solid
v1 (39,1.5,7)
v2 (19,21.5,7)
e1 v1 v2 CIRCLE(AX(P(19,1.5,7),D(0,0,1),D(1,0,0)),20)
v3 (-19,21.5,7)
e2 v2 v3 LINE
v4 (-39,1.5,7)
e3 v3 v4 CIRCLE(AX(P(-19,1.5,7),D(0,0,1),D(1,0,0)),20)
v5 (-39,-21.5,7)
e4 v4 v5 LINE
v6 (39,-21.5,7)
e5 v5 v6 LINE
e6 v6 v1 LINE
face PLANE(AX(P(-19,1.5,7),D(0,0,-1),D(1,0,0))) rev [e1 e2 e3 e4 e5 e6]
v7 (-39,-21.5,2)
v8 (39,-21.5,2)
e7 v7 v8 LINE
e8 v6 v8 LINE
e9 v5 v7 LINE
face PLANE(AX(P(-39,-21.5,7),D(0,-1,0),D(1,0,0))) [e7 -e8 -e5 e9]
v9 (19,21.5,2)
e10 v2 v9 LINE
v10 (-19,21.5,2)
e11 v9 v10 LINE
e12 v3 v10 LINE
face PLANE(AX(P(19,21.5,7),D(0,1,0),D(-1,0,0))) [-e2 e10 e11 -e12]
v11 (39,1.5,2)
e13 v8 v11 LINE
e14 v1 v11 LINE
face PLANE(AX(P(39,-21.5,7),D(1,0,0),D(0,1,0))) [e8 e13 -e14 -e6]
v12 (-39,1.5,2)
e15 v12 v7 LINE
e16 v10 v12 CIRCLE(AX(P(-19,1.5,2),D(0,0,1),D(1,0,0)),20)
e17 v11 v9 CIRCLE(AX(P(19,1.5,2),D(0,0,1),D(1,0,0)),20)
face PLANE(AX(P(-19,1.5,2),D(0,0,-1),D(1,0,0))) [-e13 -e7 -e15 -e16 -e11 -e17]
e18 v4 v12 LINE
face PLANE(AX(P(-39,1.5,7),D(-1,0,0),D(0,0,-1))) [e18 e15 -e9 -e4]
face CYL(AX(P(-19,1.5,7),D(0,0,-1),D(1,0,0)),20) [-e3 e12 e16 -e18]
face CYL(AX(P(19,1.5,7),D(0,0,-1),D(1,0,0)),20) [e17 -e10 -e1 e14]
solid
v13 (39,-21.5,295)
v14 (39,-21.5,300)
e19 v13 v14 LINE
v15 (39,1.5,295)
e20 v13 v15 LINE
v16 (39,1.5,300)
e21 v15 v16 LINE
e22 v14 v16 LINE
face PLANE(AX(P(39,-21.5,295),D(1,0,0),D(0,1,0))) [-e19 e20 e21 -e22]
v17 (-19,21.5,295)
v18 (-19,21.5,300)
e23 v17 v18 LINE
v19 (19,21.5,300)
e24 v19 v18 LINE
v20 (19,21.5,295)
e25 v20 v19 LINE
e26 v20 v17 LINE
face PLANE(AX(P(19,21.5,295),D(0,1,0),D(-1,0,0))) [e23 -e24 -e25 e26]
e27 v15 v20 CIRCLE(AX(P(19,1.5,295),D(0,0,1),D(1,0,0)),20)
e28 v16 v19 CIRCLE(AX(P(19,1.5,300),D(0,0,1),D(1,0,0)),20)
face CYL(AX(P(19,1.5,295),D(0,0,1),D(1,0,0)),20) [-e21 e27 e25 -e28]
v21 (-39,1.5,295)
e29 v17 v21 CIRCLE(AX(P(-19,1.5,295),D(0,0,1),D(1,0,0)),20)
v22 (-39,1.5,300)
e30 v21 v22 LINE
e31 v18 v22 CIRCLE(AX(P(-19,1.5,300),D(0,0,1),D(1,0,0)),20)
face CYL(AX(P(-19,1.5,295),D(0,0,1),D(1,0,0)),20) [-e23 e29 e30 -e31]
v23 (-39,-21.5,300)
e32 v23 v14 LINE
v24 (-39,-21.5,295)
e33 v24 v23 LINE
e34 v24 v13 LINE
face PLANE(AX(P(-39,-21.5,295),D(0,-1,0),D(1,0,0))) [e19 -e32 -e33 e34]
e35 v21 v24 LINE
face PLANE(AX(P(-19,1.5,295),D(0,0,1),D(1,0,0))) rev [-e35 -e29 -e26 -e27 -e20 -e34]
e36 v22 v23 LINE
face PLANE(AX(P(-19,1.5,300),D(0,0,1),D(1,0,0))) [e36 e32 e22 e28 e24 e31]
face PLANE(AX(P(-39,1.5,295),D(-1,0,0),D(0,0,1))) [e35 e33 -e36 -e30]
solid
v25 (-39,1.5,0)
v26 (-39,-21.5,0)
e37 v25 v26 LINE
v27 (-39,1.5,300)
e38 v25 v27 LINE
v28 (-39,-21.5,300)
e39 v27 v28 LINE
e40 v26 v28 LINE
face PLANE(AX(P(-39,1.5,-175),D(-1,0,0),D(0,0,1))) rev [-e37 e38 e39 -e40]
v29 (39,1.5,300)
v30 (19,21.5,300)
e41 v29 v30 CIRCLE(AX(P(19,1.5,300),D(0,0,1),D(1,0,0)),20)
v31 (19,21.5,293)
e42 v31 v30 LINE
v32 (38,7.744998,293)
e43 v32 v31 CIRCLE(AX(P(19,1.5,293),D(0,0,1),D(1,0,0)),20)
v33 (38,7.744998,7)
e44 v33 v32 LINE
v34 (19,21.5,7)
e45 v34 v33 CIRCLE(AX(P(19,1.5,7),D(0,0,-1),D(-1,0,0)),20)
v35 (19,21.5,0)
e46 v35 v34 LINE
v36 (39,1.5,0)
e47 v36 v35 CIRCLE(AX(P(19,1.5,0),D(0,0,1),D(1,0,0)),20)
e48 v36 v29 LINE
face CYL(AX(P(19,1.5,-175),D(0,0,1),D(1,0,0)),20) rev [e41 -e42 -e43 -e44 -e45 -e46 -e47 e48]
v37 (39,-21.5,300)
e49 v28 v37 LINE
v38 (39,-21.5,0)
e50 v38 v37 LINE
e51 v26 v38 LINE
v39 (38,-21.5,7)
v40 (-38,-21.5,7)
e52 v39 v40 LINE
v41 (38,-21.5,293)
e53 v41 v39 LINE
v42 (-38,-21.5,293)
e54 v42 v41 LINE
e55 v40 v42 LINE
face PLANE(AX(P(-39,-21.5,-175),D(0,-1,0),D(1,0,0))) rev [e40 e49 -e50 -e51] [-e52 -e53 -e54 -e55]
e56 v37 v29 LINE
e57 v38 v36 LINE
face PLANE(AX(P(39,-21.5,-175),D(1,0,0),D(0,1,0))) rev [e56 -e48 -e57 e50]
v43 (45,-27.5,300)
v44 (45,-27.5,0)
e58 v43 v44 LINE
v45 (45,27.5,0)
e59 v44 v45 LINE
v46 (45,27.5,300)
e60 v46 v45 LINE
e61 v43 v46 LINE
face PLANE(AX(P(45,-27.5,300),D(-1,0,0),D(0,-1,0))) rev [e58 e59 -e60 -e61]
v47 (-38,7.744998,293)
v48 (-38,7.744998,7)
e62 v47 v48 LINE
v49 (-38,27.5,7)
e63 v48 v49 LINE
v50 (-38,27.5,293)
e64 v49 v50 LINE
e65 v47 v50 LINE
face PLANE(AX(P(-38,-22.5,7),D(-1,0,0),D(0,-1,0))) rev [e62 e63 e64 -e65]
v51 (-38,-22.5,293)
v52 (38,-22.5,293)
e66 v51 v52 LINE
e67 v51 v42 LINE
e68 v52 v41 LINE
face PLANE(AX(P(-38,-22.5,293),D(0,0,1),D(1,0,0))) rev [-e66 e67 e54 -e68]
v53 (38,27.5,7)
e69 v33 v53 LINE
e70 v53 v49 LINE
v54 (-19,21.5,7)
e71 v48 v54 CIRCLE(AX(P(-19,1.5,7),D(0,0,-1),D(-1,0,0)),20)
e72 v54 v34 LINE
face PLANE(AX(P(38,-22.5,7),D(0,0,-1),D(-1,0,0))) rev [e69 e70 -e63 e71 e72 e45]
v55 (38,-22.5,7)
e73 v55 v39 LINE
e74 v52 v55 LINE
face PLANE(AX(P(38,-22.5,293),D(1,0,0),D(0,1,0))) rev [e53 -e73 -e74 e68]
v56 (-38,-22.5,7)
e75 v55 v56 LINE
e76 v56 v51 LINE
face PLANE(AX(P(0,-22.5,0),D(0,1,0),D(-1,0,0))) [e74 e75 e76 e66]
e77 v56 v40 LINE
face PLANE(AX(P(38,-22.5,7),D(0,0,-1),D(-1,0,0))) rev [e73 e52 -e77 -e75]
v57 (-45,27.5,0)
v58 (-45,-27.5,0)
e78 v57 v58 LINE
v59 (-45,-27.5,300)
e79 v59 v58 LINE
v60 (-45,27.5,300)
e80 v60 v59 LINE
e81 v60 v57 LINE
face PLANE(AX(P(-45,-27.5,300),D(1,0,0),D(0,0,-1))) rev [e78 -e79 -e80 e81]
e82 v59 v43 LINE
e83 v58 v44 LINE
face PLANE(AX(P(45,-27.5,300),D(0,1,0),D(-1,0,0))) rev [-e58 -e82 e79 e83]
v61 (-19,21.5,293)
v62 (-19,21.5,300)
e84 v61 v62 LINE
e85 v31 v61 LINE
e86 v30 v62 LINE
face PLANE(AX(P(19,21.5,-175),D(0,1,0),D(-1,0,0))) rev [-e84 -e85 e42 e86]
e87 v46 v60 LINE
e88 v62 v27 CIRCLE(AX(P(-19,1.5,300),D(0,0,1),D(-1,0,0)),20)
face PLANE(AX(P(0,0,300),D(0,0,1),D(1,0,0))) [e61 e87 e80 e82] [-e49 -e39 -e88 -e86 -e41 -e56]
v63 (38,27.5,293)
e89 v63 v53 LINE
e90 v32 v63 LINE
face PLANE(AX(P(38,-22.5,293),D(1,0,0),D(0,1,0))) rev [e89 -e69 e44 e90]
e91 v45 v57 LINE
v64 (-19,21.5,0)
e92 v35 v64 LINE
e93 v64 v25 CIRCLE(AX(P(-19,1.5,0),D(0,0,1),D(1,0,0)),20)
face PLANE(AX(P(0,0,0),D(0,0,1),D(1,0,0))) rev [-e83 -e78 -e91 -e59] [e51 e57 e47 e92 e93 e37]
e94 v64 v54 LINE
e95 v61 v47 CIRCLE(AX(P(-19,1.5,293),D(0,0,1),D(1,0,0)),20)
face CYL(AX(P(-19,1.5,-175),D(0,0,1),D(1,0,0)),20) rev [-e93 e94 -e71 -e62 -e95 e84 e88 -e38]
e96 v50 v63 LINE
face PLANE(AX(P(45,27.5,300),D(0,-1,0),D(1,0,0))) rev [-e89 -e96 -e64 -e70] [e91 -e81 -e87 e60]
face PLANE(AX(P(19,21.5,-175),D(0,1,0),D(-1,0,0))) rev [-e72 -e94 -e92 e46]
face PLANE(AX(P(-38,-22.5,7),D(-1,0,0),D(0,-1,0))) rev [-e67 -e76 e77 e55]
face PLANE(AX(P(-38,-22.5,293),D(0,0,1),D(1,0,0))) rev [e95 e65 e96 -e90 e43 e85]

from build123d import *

# Parameters (mm, degrees)
ESQUISSE1_W             = 90
ESQUISSE1_H             = 55
BOSS_EXTRU_1_DEPTH      = 300
ESQUISSE3_W             = 76
ESQUISSE3_H             = 286
ENL_V_MAT_EXTRU_1_DEPTH = 50
ENL_V_MAT_EXTRU_2_DEPTH = 475
BOSS_EXTRU_2_DEPTH      = 5


with BuildPart() as part:
    # Esquisse1 → Boss.-Extru.1 (new body)
    with BuildSketch(Plane.XY):
        Rectangle(ESQUISSE1_W, ESQUISSE1_H)
    extrude(amount=BOSS_EXTRU_1_DEPTH)

    # Esquisse3 → Enlèv. mat.-Extru.1 (cut)
    with BuildSketch(Plane(origin=(0, 27.5, 0), x_dir=(1, 0, 0), z_dir=(0, 1, 0))):
        with Locations((0, -150)):
            Rectangle(ESQUISSE3_W, ESQUISSE3_H)
    extrude(amount=-ENL_V_MAT_EXTRU_1_DEPTH, mode=Mode.SUBTRACT)

    # Esquisse4 → Enlèv. mat.-Extru.2 (cut)
    with BuildSketch(Plane.XY.offset(300)):
        with BuildLine():
            Line((-39, 1.5), (-39, -21.5))
            Line((-39, -21.5), (39, -21.5))
            Line((39, -21.5), (39, 1.5))
            ThreePointArc((39, 1.5), (33.142135624, 15.642135624), (19, 21.5))
            Line((19, 21.5), (-19, 21.5))
            ThreePointArc((-19, 21.5), (-33.142135624, 15.642135624), (-39, 1.5))
        make_face()
    extrude(amount=-ENL_V_MAT_EXTRU_2_DEPTH, mode=Mode.SUBTRACT)


with BuildPart() as body_2:
    # Esquisse5 → Boss.-Extru.2 (new body)
    with BuildSketch(Plane.XY.offset(300)):
        with BuildLine():
            Line((-39, 1.5), (-39, -21.5))
            Line((-39, -21.5), (39, -21.5))
            Line((39, -21.5), (39, 1.5))
            ThreePointArc((39, 1.5), (33.142135624, 15.642135624), (19, 21.5))
            Line((19, 21.5), (-19, 21.5))
            ThreePointArc((-19, 21.5), (-33.142135624, 15.642135624), (-39, 1.5))
        make_face()
    extrude(amount=-BOSS_EXTRU_2_DEPTH)


with BuildPart() as body_3:
    # Symétrie2: mirrored copy
    add(body_2.part.mirror(Plane(origin=(0, 0, 151), x_dir=(1, 0, 0), z_dir=(0, 0, -1))))


solid = Compound([part.part, body_2.part, body_3.part])
